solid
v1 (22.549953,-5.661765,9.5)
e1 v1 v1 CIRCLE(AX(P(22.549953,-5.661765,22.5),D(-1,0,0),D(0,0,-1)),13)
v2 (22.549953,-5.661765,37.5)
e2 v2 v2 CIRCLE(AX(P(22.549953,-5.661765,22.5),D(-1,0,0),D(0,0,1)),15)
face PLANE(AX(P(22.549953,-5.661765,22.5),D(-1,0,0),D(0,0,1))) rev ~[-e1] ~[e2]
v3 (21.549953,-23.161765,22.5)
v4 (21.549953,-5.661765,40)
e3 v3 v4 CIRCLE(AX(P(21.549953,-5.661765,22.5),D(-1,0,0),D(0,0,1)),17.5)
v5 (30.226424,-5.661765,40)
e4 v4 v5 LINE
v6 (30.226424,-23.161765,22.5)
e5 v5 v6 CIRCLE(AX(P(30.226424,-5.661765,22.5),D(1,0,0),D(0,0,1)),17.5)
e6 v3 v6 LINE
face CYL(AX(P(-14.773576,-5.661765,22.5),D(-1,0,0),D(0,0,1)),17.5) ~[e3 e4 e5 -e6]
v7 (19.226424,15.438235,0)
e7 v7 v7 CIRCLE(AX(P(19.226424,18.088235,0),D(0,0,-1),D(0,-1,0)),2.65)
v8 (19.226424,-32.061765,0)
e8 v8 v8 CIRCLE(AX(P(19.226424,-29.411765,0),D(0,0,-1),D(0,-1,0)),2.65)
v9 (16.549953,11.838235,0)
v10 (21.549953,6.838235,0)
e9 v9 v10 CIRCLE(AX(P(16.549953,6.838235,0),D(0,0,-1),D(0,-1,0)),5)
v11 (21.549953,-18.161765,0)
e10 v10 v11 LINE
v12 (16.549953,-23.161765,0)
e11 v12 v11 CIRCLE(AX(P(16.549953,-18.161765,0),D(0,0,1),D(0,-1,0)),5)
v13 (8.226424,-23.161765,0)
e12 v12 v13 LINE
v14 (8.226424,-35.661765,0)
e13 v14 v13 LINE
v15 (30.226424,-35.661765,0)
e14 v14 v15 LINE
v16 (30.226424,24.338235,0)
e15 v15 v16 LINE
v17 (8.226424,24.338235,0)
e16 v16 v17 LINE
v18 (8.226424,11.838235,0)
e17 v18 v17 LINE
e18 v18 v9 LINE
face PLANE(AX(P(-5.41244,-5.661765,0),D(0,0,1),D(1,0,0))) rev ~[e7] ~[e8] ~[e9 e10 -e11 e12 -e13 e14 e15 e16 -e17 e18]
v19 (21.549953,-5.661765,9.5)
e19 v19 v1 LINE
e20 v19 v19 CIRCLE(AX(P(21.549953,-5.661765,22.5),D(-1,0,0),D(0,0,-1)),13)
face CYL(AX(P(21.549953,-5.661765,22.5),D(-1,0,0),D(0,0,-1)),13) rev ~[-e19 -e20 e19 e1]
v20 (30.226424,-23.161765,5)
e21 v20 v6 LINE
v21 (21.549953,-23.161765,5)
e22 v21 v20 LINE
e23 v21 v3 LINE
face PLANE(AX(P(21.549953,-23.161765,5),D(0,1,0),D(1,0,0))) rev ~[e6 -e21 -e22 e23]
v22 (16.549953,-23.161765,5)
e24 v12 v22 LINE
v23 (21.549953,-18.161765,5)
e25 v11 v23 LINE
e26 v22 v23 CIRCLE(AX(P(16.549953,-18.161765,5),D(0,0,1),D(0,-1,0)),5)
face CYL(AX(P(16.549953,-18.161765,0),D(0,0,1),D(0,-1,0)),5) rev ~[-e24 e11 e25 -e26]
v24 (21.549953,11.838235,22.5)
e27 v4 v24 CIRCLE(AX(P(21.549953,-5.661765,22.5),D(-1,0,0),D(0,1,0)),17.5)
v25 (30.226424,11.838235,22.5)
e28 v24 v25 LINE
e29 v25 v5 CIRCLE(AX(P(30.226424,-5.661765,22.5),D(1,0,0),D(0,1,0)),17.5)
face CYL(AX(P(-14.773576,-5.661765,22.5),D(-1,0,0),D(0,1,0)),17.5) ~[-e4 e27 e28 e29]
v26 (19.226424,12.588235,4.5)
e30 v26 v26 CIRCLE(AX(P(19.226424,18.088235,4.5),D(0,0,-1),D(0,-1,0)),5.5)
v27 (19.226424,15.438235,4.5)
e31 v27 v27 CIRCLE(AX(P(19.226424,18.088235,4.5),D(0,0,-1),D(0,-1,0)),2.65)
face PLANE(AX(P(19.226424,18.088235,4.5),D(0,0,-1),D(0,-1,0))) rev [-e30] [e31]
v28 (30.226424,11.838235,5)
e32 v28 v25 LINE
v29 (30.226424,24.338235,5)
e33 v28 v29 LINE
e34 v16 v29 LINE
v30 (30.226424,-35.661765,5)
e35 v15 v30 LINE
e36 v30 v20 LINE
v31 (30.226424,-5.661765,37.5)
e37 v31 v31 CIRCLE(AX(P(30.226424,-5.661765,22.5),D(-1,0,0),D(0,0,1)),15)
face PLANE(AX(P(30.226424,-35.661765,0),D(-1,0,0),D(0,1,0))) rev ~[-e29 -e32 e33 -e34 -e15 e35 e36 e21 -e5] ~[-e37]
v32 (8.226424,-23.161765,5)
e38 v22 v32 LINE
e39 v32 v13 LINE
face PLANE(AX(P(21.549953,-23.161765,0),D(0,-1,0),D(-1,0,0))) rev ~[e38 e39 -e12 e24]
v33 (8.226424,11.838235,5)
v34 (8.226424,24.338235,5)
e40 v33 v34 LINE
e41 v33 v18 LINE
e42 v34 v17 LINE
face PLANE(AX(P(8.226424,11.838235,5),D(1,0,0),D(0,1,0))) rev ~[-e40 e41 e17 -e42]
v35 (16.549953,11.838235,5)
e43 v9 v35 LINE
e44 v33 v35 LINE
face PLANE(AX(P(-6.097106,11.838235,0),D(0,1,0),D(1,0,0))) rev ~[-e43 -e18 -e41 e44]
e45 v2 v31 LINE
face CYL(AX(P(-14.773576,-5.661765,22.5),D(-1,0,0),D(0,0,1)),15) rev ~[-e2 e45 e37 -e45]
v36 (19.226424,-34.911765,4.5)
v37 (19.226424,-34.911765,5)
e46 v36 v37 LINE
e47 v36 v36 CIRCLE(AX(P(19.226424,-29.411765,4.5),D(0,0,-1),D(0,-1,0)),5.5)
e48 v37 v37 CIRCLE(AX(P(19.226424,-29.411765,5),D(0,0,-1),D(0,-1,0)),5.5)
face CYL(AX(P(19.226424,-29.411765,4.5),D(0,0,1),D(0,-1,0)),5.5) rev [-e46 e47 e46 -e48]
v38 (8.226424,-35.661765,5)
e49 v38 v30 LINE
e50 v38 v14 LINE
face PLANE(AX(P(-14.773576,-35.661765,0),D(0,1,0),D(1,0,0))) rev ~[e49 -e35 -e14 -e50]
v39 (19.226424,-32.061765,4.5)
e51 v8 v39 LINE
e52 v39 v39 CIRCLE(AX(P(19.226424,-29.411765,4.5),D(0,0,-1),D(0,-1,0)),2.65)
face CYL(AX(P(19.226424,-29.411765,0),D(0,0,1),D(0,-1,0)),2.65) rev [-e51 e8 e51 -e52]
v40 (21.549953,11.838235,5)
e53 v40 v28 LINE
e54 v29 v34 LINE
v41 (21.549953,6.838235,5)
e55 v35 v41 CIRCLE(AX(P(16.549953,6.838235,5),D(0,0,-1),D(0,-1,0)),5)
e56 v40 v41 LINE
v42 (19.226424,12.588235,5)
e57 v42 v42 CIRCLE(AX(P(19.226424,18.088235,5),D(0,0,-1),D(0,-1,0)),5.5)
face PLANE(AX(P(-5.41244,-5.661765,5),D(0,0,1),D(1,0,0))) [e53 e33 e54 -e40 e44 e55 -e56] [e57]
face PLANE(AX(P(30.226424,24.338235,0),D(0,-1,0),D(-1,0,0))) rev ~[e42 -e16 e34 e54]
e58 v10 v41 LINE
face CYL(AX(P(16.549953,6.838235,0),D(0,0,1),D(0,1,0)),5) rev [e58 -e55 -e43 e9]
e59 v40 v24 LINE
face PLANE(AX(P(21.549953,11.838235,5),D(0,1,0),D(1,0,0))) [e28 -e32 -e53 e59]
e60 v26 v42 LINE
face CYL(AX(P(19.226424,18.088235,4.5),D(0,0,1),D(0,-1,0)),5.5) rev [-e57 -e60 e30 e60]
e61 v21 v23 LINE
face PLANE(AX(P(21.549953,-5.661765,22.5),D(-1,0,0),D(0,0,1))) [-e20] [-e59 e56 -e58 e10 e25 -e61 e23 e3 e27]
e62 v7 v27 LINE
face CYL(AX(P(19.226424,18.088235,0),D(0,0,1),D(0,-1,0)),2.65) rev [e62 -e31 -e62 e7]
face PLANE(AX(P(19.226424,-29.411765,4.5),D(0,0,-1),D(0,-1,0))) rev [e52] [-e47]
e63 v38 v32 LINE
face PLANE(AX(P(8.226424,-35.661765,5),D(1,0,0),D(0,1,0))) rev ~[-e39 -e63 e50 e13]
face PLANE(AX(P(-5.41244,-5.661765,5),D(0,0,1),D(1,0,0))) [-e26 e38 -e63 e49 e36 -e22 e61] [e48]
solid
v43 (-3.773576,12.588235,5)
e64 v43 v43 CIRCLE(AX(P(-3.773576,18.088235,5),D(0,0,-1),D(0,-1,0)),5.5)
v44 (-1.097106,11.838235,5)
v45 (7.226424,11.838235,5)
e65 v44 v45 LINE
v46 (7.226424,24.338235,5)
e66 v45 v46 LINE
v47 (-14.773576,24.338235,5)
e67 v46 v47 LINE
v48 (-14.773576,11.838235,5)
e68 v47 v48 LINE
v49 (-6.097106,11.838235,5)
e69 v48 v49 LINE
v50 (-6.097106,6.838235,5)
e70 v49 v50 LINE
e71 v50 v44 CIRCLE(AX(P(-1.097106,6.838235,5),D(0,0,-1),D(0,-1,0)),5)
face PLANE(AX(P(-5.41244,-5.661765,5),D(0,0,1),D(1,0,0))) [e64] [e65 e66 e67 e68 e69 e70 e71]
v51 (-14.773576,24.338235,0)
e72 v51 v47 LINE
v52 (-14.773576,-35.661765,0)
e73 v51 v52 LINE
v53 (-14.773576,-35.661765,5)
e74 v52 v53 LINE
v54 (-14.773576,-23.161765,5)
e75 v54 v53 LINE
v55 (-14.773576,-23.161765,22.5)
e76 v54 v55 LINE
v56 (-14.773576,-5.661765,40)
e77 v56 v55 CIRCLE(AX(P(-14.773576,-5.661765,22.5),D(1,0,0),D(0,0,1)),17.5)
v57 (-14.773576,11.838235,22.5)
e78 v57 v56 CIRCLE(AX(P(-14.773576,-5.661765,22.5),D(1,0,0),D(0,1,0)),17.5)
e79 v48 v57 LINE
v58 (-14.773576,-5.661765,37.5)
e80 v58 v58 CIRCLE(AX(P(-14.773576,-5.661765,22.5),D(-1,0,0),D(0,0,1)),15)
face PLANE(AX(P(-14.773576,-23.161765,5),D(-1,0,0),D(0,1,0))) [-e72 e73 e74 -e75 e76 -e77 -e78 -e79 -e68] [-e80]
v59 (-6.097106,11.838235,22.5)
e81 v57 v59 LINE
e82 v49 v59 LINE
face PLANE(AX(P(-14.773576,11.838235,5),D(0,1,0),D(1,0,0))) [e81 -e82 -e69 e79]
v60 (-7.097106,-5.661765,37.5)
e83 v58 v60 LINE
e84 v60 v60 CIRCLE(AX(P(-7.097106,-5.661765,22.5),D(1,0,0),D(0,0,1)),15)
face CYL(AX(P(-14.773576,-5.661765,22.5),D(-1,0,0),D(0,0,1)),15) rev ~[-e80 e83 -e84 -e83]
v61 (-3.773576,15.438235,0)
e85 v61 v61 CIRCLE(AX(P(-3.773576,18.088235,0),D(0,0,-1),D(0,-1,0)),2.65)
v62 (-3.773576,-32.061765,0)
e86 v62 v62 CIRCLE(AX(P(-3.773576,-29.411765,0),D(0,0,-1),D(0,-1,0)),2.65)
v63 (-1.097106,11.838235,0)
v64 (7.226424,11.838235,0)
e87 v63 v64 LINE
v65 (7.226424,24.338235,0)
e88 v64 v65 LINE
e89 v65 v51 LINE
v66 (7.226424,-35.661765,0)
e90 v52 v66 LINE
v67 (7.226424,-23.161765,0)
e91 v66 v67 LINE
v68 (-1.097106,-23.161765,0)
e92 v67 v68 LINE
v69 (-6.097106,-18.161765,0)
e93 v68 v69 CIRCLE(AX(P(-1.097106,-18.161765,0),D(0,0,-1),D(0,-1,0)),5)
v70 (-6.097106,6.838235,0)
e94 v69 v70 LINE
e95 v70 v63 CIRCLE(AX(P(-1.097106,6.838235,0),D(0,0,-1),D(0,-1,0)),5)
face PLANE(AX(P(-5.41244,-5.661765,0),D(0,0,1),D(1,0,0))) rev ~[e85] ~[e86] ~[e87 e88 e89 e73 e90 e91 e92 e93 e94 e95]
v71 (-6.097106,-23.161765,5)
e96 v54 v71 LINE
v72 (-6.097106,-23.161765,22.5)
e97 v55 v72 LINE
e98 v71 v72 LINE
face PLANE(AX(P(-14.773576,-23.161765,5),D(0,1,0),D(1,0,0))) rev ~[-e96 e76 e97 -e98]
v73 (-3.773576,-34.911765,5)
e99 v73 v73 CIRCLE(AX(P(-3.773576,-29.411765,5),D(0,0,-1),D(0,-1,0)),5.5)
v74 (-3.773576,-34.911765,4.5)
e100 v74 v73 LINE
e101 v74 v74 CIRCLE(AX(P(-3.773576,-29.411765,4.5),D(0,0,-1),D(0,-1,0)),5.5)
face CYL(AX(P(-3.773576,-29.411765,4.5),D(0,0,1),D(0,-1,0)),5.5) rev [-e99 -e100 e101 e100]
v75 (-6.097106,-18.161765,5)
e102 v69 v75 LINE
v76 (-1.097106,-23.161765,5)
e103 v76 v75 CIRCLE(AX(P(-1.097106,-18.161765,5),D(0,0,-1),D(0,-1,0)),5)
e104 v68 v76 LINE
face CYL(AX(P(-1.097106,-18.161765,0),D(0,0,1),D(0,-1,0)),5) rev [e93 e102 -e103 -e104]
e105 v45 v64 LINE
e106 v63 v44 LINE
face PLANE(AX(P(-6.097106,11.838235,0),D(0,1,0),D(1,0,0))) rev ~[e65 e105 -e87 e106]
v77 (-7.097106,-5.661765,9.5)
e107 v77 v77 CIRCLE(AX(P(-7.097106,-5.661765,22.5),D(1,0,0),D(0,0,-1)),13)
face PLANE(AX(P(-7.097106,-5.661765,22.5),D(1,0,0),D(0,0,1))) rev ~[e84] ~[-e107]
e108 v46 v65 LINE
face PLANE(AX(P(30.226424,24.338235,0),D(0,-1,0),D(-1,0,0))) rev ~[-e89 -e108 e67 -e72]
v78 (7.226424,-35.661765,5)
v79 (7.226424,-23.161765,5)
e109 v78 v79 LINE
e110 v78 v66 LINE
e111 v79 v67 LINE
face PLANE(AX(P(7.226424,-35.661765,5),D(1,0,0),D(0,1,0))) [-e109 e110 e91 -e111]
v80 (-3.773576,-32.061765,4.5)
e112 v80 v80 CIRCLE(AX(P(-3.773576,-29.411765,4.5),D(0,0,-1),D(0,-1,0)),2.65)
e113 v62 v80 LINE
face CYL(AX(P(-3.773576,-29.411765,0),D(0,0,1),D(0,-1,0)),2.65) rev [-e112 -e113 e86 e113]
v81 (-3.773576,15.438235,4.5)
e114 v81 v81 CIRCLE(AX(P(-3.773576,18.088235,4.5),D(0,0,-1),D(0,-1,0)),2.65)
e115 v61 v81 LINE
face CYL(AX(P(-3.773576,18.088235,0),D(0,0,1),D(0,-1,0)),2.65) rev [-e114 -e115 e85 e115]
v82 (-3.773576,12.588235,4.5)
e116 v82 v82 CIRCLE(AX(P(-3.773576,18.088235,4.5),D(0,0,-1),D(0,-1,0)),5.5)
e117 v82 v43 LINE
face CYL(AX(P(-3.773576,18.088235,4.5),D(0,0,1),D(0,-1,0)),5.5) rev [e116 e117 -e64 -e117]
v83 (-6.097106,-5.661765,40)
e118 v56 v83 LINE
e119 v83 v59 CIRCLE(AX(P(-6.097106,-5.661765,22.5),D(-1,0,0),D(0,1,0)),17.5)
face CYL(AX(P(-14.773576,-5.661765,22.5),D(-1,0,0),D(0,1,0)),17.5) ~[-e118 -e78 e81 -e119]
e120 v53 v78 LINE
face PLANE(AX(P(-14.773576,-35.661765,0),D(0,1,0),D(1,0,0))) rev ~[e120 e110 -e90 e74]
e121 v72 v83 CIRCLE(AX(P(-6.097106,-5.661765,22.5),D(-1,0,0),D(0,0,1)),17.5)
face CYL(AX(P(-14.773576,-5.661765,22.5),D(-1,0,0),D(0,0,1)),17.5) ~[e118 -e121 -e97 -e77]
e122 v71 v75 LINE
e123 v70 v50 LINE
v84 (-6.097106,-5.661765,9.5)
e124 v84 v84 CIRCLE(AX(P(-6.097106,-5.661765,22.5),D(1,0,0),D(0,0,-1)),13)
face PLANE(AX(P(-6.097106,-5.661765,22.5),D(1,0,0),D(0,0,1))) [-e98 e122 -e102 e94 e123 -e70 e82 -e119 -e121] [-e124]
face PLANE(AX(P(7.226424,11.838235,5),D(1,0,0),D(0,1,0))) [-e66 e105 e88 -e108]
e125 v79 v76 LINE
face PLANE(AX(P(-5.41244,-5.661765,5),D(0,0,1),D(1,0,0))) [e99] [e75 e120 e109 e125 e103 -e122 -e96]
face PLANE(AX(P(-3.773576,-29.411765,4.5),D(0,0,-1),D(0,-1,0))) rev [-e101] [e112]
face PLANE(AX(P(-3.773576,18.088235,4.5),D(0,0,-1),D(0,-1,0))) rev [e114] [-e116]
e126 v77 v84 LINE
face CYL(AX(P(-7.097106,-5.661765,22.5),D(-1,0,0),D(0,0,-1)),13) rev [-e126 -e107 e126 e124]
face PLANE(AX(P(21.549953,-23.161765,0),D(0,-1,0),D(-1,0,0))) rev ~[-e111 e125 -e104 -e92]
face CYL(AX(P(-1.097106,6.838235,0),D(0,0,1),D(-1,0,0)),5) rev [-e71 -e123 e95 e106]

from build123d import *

# Parameters (mm, degrees)
EXTRUDE_2_DEPTH          = 5
SKETCH_4_W               = 8.676470589
SKETCH_4_H               = 35
SKETCH_4_W_2             = 8.676470588
EXTRUDE_15_DEPTH         = 35
CUT_EXTRUDE_1_DEPTH      = 45
SKETCH_6_R               = 15
CUT_EXTRUDE_2_DEPTH      = 45
FILLET_1_R               = 5
EXTRUDE_START            = -1
SKETCH_7_R               = 15
SKETCH_7_R_2             = 13
EXTRUDE_16_DEPTH         = 1
SKETCH_8_R               = 15
SKETCH_8_R_2             = 13
EXTRUDE_17_DEPTH         = 1
SKETCH_9_W               = 1
SKETCH_9_H               = 12.5
CUT_EXTRUDE_3_DEPTH      = 5
HOLE_WIZARD_1_AT_2_COUNT = 2
HOLE_WIZARD_1_AT_2_PITCH = 23
HOLE_WIZARD_1_AT_3_COUNT = 2
HOLE_WIZARD_1_AT_3_PITCH = 47.5
HOLE_WIZARD_1_AT_4_COUNT = 2
HOLE_WIZARD_1_AT_4_PITCH = 52.775467786


with BuildPart() as part:
    # 草图2 → 凸台-拉伸2 (new body)
    with BuildSketch(Plane.XY):
        Polygon((7.726423565, 24.338235294), (-14.773576435, 24.338235294), (-14.773576435, -35.661764706), (7.726423565, -35.661764706), (7.726423565, -23.161764706), (-6.097105846, -23.161764706), (-6.097105846, 11.838235294), (7.726423565, 11.838235294), align=None)
        Polygon((30.226423565, 24.338235294), (7.726423565, 24.338235294), (7.726423565, 11.838235294), (21.549952977, 11.838235294), (21.549952977, -23.161764706), (7.726423565, -23.161764706), (7.726423565, -35.661764706), (30.226423565, -35.661764706), align=None)
    extrude(amount=EXTRUDE_2_DEPTH)

    # 草图4 → 凸台-拉伸15 (add)
    with BuildSketch(Plane.XY.offset(5)):
        with Locations((-10.435341141, -5.661764706)):
            Rectangle(SKETCH_4_W, SKETCH_4_H)
        with Locations((25.888188271, -5.661764706)):
            Rectangle(SKETCH_4_W_2, SKETCH_4_H)
    extrude(amount=EXTRUDE_15_DEPTH)

    # 草图5 → 切除-拉伸1 (cut)
    with BuildSketch(Plane.ZY.offset(14.773576435)):
        with BuildLine():
            Line((40, -23.161764706), (40, -5.661764706))
            ThreePointArc((40, -5.661764706), (34.874368671, -18.036133377), (22.5, -23.161764706))
            Line((22.5, -23.161764706), (40, -23.161764706))
        make_face()
        with BuildLine():
            ThreePointArc((22.5, 11.838235294), (34.874368671, 6.712603965), (40, -5.661764706))
            Line((40, -5.661764706), (40, 11.838235294))
            Line((40, 11.838235294), (22.5, 11.838235294))
        make_face()
    extrude(amount=-CUT_EXTRUDE_1_DEPTH, mode=Mode.SUBTRACT)

    # 草图6 → 切除-拉伸2 (cut)
    with BuildSketch(Plane.ZY.offset(14.773576435)):
        with Locations((22.5, -5.661764706)):
            Circle(SKETCH_6_R)
    extrude(amount=-CUT_EXTRUDE_2_DEPTH, mode=Mode.SUBTRACT)

    # 圆角1
    fillet_1_edges = [part.edges().sort_by_distance(p)[0] for p in [
        (-6.097105846, 11.838235294, 2.5),
        (-6.097105846, -23.161764706, 2.5),
        (21.549952977, -23.161764706, 2.5),
        (21.549952977, 11.838235294, 2.5),
    ]]
    fillet(fillet_1_edges, radius=FILLET_1_R)

    # 草图7 → 凸台-拉伸16 (add)
    with BuildSketch(Plane(origin=(-6.097105846, 0, 0), x_dir=(0, 0, -1), z_dir=(1, 0, 0)).offset(EXTRUDE_START)):
        with Locations(Location((-22.5, -5.661764706, 0), (0, 0, 180))):
            Circle(SKETCH_7_R)
        with Locations((-22.5, -5.661764706)):
            Circle(SKETCH_7_R_2, mode=Mode.SUBTRACT)
    extrude(amount=EXTRUDE_16_DEPTH)

    # 草图8 → 凸台-拉伸17 (add)
    with BuildSketch(Plane.ZY.offset(-21.549952977)):
        with Locations((22.5, -5.661764706)):
            Circle(SKETCH_8_R)
        with Locations(Location((22.5, -5.661764706, 0), (0, 0, 180))):
            Circle(SKETCH_8_R_2, mode=Mode.SUBTRACT)
    extrude(amount=-EXTRUDE_17_DEPTH)

    # 草图9 → 切除-拉伸3 (cut)
    with BuildSketch(Plane.XY.offset(5)):
        with Locations((7.726423565, 18.088235294)):
            Rectangle(SKETCH_9_W, SKETCH_9_H)
        with Locations((7.726423565, -29.411764706)):
            Rectangle(SKETCH_9_W, SKETCH_9_H)
    extrude(amount=-CUT_EXTRUDE_3_DEPTH, mode=Mode.SUBTRACT)


with BuildPart() as cut_extrude_3_piece_1:
    # of the separate pieces the step leaves, piece 1, a body of its own (cut_extrude_3_pieces)
    add(part.part.solids().sort_by_distance((16.549952977, 11.838235294, 5))[0])


with BuildPart() as cut_extrude_3_piece_2:
    # of the separate pieces the step leaves, piece 2, a body of its own (cut_extrude_3_pieces)
    add(part.part.solids().sort_by_distance((7.226423565, 11.838235294, 5))[0])

    # 草图13 → 打孔尺寸(%根据六角头螺)栓 全螺纹的类型1 (revolve, cut)
    with BuildSketch(Plane(origin=(-3.773576435, 18.088235294, 5), x_dir=(0, -1, 0), z_dir=(1, 0, 0))):
        Polygon((0, 0), (0, 6.59228064), (2.65, 5), (2.65, 0.5), (5.5, 0.5), (5.5, 0), align=None)
    hole_wizard_1 = revolve(axis=Axis((-3.773576435, 18.088235294, 11.35), (0, 0, -1)), mode=Mode.SUBTRACT)

    # 打孔尺寸(%根据六角头螺)栓 全螺纹的类型1 at 3: 打孔尺寸(%根据六角头螺)栓 全螺纹的类型1 ×2
    with Locations(*[(0, -i * HOLE_WIZARD_1_AT_3_PITCH, 0) for i in range(1, HOLE_WIZARD_1_AT_3_COUNT)]):
        add(hole_wizard_1, mode=Mode.SUBTRACT)


with BuildPart() as cut_extrude_3_piece_1_1:
    add(cut_extrude_3_piece_1.part)

    # 打孔尺寸(%根据六角头螺)栓 全螺纹的类型1 at 2: 打孔尺寸(%根据六角头螺)栓 全螺纹的类型1 ×2
    with Locations(*[(i * HOLE_WIZARD_1_AT_2_PITCH, 0, 0) for i in range(1, HOLE_WIZARD_1_AT_2_COUNT)]):
        add(hole_wizard_1, mode=Mode.SUBTRACT)

    # 打孔尺寸(%根据六角头螺)栓 全螺纹的类型1 at 4: 打孔尺寸(%根据六角头螺)栓 全螺纹的类型1 ×2
    with Locations(*[Vector(0.43580854827079, -0.900039393167936, 0) * (i * HOLE_WIZARD_1_AT_4_PITCH) for i in range(1, HOLE_WIZARD_1_AT_4_COUNT)]):
        add(hole_wizard_1, mode=Mode.SUBTRACT)


solid = Compound([cut_extrude_3_piece_2.part, cut_extrude_3_piece_1_1.part])
